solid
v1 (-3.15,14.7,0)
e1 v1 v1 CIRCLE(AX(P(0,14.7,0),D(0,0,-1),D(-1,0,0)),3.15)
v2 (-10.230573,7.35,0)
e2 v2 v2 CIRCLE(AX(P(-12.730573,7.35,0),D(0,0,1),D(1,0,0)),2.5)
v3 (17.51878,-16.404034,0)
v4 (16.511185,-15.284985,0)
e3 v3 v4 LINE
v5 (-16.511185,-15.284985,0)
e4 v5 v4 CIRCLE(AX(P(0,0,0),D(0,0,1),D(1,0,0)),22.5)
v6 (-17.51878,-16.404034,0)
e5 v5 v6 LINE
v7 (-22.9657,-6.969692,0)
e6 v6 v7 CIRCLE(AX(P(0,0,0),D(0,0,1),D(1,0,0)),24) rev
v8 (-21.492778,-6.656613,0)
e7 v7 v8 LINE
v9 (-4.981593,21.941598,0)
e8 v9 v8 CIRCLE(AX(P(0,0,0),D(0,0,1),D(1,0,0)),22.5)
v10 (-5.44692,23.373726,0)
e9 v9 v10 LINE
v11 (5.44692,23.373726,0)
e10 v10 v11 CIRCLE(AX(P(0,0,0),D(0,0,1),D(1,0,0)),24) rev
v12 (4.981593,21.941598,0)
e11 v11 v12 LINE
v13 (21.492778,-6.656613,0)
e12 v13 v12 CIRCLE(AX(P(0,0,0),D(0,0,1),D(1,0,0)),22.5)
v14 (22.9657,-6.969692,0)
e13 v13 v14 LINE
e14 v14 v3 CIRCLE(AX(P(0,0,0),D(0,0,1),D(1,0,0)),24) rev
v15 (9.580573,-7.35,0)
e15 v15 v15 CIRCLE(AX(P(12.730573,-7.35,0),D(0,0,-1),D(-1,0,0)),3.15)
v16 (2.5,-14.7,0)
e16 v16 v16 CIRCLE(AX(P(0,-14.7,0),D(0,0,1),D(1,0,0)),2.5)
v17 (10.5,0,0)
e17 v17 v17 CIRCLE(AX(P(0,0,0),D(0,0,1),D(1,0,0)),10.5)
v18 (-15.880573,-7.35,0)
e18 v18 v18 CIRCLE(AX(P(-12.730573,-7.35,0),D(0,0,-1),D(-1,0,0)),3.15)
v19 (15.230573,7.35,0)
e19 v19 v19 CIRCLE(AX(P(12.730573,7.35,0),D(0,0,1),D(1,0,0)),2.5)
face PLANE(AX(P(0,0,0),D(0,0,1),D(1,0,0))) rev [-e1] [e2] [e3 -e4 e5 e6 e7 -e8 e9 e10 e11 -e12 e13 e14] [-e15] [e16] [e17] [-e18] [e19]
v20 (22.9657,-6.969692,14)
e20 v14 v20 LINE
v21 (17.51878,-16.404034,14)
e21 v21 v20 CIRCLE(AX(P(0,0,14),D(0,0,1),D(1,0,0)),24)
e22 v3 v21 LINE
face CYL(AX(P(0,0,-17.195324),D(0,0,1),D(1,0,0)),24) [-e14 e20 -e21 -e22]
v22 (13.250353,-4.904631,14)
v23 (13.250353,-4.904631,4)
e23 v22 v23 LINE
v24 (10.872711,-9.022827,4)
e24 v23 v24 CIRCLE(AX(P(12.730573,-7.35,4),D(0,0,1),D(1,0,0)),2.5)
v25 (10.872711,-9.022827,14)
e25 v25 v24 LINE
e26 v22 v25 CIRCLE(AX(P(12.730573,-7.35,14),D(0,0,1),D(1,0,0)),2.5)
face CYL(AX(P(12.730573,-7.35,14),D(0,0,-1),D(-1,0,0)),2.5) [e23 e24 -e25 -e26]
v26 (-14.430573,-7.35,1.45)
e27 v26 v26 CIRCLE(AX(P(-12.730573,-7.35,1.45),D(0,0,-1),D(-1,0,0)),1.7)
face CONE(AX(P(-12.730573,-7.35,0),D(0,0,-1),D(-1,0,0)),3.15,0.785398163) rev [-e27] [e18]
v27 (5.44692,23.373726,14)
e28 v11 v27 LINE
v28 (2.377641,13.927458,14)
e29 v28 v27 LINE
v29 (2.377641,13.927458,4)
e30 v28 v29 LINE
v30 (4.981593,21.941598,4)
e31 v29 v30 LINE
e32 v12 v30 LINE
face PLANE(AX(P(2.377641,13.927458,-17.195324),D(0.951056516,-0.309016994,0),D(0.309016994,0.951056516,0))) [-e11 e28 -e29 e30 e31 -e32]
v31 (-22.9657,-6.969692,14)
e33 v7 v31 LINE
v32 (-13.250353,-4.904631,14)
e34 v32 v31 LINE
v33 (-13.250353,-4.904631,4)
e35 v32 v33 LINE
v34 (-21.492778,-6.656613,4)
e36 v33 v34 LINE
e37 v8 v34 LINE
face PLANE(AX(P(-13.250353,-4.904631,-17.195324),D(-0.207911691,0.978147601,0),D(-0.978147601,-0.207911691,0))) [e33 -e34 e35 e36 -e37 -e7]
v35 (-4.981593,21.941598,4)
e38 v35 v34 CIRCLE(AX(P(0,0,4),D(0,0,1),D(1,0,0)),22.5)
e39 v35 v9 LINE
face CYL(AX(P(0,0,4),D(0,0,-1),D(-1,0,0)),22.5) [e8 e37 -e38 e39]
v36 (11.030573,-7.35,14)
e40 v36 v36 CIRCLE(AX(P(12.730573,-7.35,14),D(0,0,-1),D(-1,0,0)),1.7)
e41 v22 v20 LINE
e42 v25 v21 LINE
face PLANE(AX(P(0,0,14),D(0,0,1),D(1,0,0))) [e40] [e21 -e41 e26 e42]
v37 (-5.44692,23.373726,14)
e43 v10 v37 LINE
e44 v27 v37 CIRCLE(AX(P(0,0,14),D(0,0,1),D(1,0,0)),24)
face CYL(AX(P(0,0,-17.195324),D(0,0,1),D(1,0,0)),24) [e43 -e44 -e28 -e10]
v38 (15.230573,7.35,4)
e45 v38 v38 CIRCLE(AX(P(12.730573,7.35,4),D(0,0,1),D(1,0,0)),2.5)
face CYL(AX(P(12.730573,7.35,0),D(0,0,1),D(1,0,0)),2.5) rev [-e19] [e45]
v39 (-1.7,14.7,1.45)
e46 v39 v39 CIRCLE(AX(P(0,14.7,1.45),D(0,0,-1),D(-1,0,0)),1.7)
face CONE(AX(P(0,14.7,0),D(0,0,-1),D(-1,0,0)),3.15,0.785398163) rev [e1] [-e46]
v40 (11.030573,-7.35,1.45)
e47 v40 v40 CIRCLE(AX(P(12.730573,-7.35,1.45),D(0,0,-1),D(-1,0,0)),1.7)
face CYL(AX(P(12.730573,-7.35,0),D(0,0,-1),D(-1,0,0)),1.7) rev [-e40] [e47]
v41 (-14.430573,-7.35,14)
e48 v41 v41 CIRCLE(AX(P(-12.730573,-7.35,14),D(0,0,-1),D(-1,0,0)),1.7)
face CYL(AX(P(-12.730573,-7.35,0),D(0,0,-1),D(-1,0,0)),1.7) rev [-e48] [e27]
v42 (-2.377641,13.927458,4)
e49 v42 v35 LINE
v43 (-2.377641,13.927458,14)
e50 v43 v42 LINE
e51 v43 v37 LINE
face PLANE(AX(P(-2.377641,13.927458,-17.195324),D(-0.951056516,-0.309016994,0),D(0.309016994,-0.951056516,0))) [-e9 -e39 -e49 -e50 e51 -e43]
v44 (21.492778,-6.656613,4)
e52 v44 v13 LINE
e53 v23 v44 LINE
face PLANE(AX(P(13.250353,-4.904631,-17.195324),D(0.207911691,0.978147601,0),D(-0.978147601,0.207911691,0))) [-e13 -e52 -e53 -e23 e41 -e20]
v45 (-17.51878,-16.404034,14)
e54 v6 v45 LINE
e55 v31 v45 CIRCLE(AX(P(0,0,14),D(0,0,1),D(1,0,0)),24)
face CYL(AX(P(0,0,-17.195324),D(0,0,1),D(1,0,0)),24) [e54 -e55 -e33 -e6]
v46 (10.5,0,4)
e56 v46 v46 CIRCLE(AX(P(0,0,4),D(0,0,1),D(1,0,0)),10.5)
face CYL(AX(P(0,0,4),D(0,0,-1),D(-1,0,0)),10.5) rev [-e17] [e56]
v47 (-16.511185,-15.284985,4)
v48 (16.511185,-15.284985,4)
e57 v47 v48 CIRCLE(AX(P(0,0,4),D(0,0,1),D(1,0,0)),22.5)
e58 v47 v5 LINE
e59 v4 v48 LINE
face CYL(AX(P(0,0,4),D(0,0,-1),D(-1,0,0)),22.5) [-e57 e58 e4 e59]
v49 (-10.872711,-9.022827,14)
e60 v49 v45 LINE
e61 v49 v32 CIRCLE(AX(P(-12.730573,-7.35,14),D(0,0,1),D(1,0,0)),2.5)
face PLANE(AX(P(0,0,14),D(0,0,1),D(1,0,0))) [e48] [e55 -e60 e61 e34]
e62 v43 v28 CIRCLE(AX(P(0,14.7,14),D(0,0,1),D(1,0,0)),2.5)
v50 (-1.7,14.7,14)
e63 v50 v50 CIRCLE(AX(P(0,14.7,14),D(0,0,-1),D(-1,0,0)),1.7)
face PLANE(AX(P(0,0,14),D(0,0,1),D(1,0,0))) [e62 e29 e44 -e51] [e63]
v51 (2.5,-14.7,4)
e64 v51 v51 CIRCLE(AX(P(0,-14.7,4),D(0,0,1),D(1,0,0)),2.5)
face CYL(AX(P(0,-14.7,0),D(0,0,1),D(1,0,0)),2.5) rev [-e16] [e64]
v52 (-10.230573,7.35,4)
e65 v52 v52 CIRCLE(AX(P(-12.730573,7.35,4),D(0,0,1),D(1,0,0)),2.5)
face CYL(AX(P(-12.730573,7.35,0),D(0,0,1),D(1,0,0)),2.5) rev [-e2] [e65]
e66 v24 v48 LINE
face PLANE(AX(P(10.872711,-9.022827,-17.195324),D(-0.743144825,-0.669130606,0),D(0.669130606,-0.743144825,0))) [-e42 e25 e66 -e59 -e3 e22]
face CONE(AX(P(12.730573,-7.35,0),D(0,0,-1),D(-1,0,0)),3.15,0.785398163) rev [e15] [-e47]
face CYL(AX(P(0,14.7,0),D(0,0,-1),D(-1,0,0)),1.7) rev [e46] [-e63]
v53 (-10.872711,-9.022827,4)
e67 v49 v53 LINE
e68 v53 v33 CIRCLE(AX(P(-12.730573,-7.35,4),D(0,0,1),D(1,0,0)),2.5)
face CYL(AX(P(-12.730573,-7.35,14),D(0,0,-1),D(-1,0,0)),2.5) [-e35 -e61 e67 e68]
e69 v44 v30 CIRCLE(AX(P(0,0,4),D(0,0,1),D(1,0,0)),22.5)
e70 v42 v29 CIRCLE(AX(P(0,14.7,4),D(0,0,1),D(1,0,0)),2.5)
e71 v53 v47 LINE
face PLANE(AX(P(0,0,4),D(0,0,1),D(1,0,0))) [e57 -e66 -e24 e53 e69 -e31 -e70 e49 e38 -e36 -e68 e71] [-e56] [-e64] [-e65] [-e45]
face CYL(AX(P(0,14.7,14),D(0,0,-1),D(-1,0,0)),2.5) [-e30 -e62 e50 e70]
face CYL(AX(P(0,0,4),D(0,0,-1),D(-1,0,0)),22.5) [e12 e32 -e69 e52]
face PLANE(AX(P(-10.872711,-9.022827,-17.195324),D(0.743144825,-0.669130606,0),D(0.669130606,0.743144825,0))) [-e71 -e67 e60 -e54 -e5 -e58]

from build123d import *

# Parameters (mm, degrees)
SKETCH1_R                                       = 22.5
SKETCH1_R_2                                     = 10.5
SKETCH1_R_3                                     = 1.5
BOSS_EXTRUDE1_DEPTH                             = 4
BOSS_EXTRUDE4_START                             = -4
SKETCH4_R                                       = 2.5
SKETCH4_R_2                                     = 1.5
BOSS_EXTRUDE4_DEPTH                             = 4
SKETCH4_5_R                                     = 1.5
BOSS_EXTRUDE5_DEPTH                             = 10
CUT_EXTRUDE1_DEPTH                              = 35.690393407
CUT_EXTRUDE1_DEPTH_BACK                         = 35.690393407
SKETCH4_3_R                                     = 2.5
CSK_FOR_M3_FLAT_HEAD_MACHINE_SCREW1_D           = 3.4
CSK_FOR_M3_FLAT_HEAD_MACHINE_SCREW1_CSINK_D     = 6.3
CSK_FOR_M3_FLAT_HEAD_MACHINE_SCREW1_CSINK_ANGLE = 90


with BuildPart() as part:
    # Sketch1 → Boss-Extrude1 (new body)
    with BuildSketch(Plane.XY):
        Circle(SKETCH1_R)
        Circle(SKETCH1_R_2, mode=Mode.SUBTRACT)
        with Locations((12.730573436, -7.35)):
            Circle(SKETCH1_R_3, mode=Mode.SUBTRACT)
        with Locations((0, 14.7)):
            Circle(SKETCH1_R_3, mode=Mode.SUBTRACT)
        with Locations((-12.730573436, -7.35)):
            Circle(SKETCH1_R_3, mode=Mode.SUBTRACT)
    extrude(amount=BOSS_EXTRUDE1_DEPTH)

    # Sketch4 → Boss-Extrude4 (add)
    # profile 1 of 6: a face of its own
    with BuildSketch(Plane.XY.offset(4).offset(BOSS_EXTRUDE4_START)):
        with Locations((0, -14.7)):
            Circle(SKETCH4_R)
    # profile 2 of 6: a face of its own
    with BuildSketch(Plane.XY.offset(4).offset(BOSS_EXTRUDE4_START)):
        with Locations((-12.730573436, 7.35)):
            Circle(SKETCH4_R)
    # profile 3 of 6: a face of its own
    with BuildSketch(Plane.XY.offset(4).offset(BOSS_EXTRUDE4_START)):
        with Locations((12.730573436, 7.35)):
            Circle(SKETCH4_R)
    # profile 4 of 6: a face of its own
    with BuildSketch(Plane.XY.offset(4).offset(BOSS_EXTRUDE4_START)):
        with BuildLine():
            Line((-10.872711372, -9.022826516), (-17.518780447, -16.404034005))
            ThreePointArc((-17.518780447, -16.404034005), (-20.784609691, -12), (-22.965700397, -6.969691908))
            Line((-22.965700397, -6.969691908), (-13.250352663, -4.904630998))
            ThreePointArc((-13.250352663, -4.904630998), (-10.565509926, -6.1), (-10.872711372, -9.022826516))
        make_face()
        with Locations((-12.730573436, -7.35)):
            Circle(SKETCH4_R_2, mode=Mode.SUBTRACT)
    # profile 5 of 6: a face of its own
    with BuildSketch(Plane.XY.offset(4).offset(BOSS_EXTRUDE4_START)):
        with BuildLine():
            Line((2.377641291, 13.927457514), (5.44691995, 23.373725913))
            ThreePointArc((5.44691995, 23.373725913), (0, 24), (-5.44691995, 23.373725913))
            Line((-5.44691995, 23.373725913), (-2.377641291, 13.927457514))
            ThreePointArc((-2.377641291, 13.927457514), (0, 12.2), (2.377641291, 13.927457514))
        make_face()
        with Locations((0, 14.7)):
            Circle(SKETCH4_R_2, mode=Mode.SUBTRACT)
    # profile 6 of 6: a face of its own
    with BuildSketch(Plane.XY.offset(4).offset(BOSS_EXTRUDE4_START)):
        with BuildLine():
            Line((10.872711372, -9.022826516), (17.518780447, -16.404034005))
            ThreePointArc((17.518780447, -16.404034005), (20.784609691, -12), (22.965700397, -6.969691908))
            Line((22.965700397, -6.969691908), (13.250352663, -4.904630998))
            ThreePointArc((13.250352663, -4.904630998), (10.565509926, -6.1), (10.872711372, -9.022826516))
        make_face()
        with Locations((12.730573436, -7.35)):
            Circle(SKETCH4_R_2, mode=Mode.SUBTRACT)
    extrude(amount=BOSS_EXTRUDE4_DEPTH)

    # Sketch4<5> → Boss-Extrude5 (add)
    # profile 1 of 6: a face of its own
    with BuildSketch(Plane.XY.offset(4)):
        with BuildLine():
            Line((-5.44691995, 23.373725913), (-4.981593415, 21.941598097))
            ThreePointArc((-4.981593415, 21.941598097), (0, 22.5), (4.981593415, 21.941598097))
            Line((4.981593415, 21.941598097), (5.44691995, 23.373725913))
            ThreePointArc((5.44691995, 23.373725913), (0, 24), (-5.44691995, 23.373725913))
        make_face()
    # profile 2 of 6: a face of its own
    with BuildSketch(Plane.XY.offset(4)):
        with BuildLine():
            ThreePointArc((4.981593415, 21.941598097), (0, 22.5), (-4.981593415, 21.941598097))
            Line((-4.981593415, 21.941598097), (-2.377641291, 13.927457514))
            ThreePointArc((-2.377641291, 13.927457514), (0, 12.2), (2.377641291, 13.927457514))
            Line((2.377641291, 13.927457514), (4.981593415, 21.941598097))
        make_face()
        with Locations((0, 14.7)):
            Circle(SKETCH4_5_R, mode=Mode.SUBTRACT)
    # profile 3 of 6: a face of its own
    with BuildSketch(Plane.XY.offset(4)):
        with BuildLine():
            Line((-17.518780447, -16.404034005), (-16.511184644, -15.284985497))
            ThreePointArc((-16.511184644, -15.284985497), (-19.485571585, -11.25), (-21.492778059, -6.6566126))
            Line((-21.492778059, -6.6566126), (-22.965700397, -6.969691908))
            ThreePointArc((-22.965700397, -6.969691908), (-20.784609691, -12), (-17.518780447, -16.404034005))
        make_face()
    # profile 4 of 6: a face of its own
    with BuildSketch(Plane.XY.offset(4)):
        with BuildLine():
            Line((-16.511184644, -15.284985497), (-10.872711372, -9.022826516))
            ThreePointArc((-10.872711372, -9.022826516), (-10.565509926, -6.1), (-13.250352663, -4.904630998))
            Line((-13.250352663, -4.904630998), (-21.492778059, -6.6566126))
            ThreePointArc((-21.492778059, -6.6566126), (-19.485571585, -11.25), (-16.511184644, -15.284985497))
        make_face()
        with Locations((-12.730573436, -7.35)):
            Circle(SKETCH4_5_R, mode=Mode.SUBTRACT)
    # profile 5 of 6: a face of its own
    with BuildSketch(Plane.XY.offset(4)):
        with BuildLine():
            Line((10.872711372, -9.022826516), (16.511184644, -15.284985497))
            ThreePointArc((16.511184644, -15.284985497), (19.485571585, -11.25), (21.492778059, -6.6566126))
            Line((21.492778059, -6.6566126), (13.250352663, -4.904630998))
            ThreePointArc((13.250352663, -4.904630998), (10.565509926, -6.1), (10.872711372, -9.022826516))
        make_face()
        with Locations((12.730573436, -7.35)):
            Circle(SKETCH4_5_R, mode=Mode.SUBTRACT)
    # profile 6 of 6: a face of its own
    with BuildSketch(Plane.XY.offset(4)):
        with BuildLine():
            ThreePointArc((21.492778059, -6.6566126), (19.485571585, -11.25), (16.511184644, -15.284985497))
            Line((16.511184644, -15.284985497), (17.518780447, -16.404034005))
            ThreePointArc((17.518780447, -16.404034005), (20.784609691, -12), (22.965700397, -6.969691908))
            Line((22.965700397, -6.969691908), (21.492778059, -6.6566126))
        make_face()
    extrude(amount=BOSS_EXTRUDE5_DEPTH)

    # Sketch4<3> → Cut-Extrude1 (cut, two sides: drawn at the far end of the back side and taken through both)
    with BuildSketch(Plane.XY.offset(4).offset(-CUT_EXTRUDE1_DEPTH_BACK)):
        with Locations((0, -14.7)):
            Circle(SKETCH4_3_R)
        with Locations((-12.730573436, 7.35)):
            Circle(SKETCH4_3_R)
        with Locations((12.730573436, 7.35)):
            Circle(SKETCH4_3_R)
    extrude(amount=CUT_EXTRUDE1_DEPTH + CUT_EXTRUDE1_DEPTH_BACK, mode=Mode.SUBTRACT)

    # CSK for M3 Flat Head Machine Screw1 (through all)
    with Locations(Plane(origin=(0, 0, 0), x_dir=(-1, 0, 0), z_dir=(0, 0, -1))):
        with Locations((12.730573436, -7.35), (0, 14.7), (-12.730573436, -7.35)):
            CounterSinkHole(CSK_FOR_M3_FLAT_HEAD_MACHINE_SCREW1_D / 2, CSK_FOR_M3_FLAT_HEAD_MACHINE_SCREW1_CSINK_D / 2, counter_sink_angle=CSK_FOR_M3_FLAT_HEAD_MACHINE_SCREW1_CSINK_ANGLE)


solid = part.part
